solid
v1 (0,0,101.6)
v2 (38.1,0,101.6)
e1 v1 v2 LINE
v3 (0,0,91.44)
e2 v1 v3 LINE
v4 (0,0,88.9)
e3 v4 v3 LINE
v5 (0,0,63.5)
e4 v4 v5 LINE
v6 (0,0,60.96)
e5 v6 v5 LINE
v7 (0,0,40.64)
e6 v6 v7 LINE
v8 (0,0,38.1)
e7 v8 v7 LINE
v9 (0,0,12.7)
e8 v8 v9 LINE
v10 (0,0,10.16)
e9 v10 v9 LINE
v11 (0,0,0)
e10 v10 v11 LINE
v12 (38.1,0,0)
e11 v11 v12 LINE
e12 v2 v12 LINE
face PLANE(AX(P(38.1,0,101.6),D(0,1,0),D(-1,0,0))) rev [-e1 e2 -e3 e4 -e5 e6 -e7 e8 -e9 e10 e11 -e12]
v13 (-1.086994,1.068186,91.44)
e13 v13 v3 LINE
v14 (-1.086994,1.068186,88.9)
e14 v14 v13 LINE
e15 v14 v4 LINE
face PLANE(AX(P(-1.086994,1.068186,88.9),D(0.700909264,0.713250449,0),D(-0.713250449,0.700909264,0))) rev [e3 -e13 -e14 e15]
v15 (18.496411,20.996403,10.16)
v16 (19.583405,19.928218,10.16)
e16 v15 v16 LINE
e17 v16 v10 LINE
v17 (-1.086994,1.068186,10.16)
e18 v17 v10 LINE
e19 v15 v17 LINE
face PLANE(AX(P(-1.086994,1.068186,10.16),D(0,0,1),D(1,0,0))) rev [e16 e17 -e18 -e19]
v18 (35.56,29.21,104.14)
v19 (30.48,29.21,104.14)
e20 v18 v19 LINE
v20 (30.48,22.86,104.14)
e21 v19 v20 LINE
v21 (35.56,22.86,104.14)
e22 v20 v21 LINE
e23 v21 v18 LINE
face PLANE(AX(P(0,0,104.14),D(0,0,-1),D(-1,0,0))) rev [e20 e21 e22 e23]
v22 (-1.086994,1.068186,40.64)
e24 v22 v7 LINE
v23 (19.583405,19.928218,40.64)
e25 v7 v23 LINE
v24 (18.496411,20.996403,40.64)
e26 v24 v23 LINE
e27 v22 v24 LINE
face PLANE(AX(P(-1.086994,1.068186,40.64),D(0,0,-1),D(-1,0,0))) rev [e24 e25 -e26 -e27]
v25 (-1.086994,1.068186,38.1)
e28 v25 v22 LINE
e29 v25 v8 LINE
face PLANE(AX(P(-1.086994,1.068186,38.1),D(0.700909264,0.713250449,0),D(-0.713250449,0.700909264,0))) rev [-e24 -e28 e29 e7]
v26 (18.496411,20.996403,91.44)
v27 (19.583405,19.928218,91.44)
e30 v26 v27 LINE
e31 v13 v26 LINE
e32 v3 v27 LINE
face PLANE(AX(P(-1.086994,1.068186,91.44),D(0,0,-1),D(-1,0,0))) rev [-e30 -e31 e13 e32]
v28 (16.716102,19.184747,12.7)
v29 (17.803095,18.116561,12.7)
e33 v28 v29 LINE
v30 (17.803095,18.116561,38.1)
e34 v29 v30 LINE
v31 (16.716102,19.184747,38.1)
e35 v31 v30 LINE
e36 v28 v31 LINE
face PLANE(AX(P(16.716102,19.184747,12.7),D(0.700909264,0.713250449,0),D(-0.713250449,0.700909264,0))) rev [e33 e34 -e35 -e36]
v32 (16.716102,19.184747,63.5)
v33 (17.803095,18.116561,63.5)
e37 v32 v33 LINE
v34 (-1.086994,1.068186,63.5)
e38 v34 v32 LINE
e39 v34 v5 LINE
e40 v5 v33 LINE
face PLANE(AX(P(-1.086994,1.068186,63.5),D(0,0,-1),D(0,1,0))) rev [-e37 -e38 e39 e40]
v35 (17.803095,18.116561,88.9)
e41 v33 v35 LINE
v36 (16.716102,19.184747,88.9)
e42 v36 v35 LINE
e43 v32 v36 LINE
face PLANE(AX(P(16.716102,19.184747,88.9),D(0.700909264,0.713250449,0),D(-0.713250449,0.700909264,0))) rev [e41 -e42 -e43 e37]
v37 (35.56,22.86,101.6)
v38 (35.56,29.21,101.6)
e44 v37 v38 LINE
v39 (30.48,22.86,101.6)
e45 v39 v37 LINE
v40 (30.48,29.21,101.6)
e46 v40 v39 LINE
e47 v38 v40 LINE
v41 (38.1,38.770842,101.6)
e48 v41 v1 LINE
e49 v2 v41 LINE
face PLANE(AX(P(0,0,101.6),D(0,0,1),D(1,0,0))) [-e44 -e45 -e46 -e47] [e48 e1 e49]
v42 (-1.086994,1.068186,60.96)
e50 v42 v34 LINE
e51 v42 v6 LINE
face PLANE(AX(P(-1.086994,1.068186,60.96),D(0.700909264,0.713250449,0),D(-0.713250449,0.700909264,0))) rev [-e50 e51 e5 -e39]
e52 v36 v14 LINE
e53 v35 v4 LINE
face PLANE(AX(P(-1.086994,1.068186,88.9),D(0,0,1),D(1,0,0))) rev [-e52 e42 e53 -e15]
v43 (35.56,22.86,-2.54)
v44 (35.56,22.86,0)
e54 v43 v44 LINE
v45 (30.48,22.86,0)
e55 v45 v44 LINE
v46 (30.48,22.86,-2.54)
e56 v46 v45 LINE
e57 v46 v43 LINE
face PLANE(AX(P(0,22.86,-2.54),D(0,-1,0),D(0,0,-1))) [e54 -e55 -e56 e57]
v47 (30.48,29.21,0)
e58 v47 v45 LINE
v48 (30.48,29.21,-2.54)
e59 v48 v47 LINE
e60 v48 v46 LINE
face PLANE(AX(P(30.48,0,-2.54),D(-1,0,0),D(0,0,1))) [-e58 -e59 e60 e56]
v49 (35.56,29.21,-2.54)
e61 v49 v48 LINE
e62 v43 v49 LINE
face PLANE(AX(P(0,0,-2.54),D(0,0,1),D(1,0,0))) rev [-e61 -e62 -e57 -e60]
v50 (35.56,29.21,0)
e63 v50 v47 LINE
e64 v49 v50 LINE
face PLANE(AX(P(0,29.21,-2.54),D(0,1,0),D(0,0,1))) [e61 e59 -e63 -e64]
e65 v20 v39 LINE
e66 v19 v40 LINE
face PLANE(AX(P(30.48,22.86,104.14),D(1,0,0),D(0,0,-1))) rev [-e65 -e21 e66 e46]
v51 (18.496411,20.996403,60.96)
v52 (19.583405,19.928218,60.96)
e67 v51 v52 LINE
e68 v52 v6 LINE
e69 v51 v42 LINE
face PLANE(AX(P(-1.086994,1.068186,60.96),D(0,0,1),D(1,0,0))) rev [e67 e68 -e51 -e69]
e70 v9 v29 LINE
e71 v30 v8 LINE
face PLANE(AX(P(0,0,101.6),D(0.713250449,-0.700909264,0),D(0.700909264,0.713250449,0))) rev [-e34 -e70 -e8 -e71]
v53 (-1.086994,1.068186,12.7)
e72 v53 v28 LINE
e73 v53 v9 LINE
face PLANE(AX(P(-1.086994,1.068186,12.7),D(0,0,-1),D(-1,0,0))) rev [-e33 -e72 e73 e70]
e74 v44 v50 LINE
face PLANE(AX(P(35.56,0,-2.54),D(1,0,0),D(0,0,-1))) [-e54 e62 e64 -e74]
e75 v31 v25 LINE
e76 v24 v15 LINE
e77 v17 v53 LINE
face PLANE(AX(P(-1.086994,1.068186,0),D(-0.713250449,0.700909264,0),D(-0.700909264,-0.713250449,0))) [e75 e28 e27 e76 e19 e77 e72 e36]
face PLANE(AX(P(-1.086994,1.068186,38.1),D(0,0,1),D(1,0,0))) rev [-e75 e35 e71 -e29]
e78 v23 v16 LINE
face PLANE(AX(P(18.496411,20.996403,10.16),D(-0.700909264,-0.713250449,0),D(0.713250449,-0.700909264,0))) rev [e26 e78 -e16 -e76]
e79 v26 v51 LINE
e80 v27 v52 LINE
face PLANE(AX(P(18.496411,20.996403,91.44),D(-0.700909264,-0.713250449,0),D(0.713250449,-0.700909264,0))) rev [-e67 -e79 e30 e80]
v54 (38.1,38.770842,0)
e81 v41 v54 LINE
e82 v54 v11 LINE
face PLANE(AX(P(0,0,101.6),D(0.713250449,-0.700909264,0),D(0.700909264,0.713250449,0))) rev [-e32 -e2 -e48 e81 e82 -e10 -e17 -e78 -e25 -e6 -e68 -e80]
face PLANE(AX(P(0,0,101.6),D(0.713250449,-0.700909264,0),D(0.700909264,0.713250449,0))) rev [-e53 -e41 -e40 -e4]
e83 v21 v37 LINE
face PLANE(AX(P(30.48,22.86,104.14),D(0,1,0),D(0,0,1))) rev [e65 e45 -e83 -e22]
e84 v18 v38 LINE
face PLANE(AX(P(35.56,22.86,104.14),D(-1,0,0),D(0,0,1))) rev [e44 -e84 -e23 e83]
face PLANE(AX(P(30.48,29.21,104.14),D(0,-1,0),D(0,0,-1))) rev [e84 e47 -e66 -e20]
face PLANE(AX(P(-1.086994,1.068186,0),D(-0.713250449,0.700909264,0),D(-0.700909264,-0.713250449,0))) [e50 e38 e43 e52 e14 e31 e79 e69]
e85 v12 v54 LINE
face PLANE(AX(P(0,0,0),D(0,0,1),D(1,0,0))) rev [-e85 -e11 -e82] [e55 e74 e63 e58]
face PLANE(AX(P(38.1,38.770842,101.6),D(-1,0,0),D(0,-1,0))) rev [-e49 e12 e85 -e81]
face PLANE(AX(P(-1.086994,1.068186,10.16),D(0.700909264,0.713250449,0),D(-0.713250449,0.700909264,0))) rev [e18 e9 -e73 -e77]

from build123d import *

# Parameters (mm, degrees)
BOSS_EXTRUDE1_DEPTH = 101.6
SKETCH2_W           = 5.08
SKETCH2_H           = 6.35
BOSS_EXTRUDE2_DEPTH = 2.54
BOSS_EXTRUDE3_START = -101.6
SKETCH2_2_W         = 5.08
SKETCH2_2_H         = 6.35
BOSS_EXTRUDE3_DEPTH = 2.54
BOSS_EXTRUDE4_DEPTH = 1.524


with BuildPart() as part:
    # Sketch1 → Boss-Extrude1 (new body)
    with BuildSketch(Plane.XY):
        Polygon((0, 0), (38.1, 38.770841672), (38.1, 0), align=None)
    extrude(amount=BOSS_EXTRUDE1_DEPTH)

    # Sketch2 → Boss-Extrude2 (add)
    with BuildSketch(Plane.XY.offset(101.6)):
        with Locations((33.02, 26.035)):
            Rectangle(SKETCH2_W, SKETCH2_H)
    extrude(amount=BOSS_EXTRUDE2_DEPTH)

    # Sketch2<2> → Boss-Extrude3 (add)
    with BuildSketch(Plane.XY.offset(101.6).offset(BOSS_EXTRUDE3_START)):
        with Locations((33.02, 26.035)):
            Rectangle(SKETCH2_2_W, SKETCH2_2_H)
    extrude(amount=-BOSS_EXTRUDE3_DEPTH)

    # Sketch3 → Boss-Extrude4 (add)
    with BuildSketch(Plane(origin=(0, 0, 0), x_dir=(0, 0, 1), z_dir=(-0.7132504491541779, 0.7009092642998548, 0))):
        Polygon((12.7, 0), (12.7, 25.4), (38.1, 25.4), (38.1, 0), (40.64, 0), (40.64, 27.94), (10.16, 27.94), (10.16, 0), align=None)
        Polygon((88.9, 0), (88.9, 25.4), (63.5, 25.4), (63.5, 0), (60.96, 0), (60.96, 27.94), (91.44, 27.94), (91.44, 0), align=None)
    extrude(amount=BOSS_EXTRUDE4_DEPTH)


solid = part.part
